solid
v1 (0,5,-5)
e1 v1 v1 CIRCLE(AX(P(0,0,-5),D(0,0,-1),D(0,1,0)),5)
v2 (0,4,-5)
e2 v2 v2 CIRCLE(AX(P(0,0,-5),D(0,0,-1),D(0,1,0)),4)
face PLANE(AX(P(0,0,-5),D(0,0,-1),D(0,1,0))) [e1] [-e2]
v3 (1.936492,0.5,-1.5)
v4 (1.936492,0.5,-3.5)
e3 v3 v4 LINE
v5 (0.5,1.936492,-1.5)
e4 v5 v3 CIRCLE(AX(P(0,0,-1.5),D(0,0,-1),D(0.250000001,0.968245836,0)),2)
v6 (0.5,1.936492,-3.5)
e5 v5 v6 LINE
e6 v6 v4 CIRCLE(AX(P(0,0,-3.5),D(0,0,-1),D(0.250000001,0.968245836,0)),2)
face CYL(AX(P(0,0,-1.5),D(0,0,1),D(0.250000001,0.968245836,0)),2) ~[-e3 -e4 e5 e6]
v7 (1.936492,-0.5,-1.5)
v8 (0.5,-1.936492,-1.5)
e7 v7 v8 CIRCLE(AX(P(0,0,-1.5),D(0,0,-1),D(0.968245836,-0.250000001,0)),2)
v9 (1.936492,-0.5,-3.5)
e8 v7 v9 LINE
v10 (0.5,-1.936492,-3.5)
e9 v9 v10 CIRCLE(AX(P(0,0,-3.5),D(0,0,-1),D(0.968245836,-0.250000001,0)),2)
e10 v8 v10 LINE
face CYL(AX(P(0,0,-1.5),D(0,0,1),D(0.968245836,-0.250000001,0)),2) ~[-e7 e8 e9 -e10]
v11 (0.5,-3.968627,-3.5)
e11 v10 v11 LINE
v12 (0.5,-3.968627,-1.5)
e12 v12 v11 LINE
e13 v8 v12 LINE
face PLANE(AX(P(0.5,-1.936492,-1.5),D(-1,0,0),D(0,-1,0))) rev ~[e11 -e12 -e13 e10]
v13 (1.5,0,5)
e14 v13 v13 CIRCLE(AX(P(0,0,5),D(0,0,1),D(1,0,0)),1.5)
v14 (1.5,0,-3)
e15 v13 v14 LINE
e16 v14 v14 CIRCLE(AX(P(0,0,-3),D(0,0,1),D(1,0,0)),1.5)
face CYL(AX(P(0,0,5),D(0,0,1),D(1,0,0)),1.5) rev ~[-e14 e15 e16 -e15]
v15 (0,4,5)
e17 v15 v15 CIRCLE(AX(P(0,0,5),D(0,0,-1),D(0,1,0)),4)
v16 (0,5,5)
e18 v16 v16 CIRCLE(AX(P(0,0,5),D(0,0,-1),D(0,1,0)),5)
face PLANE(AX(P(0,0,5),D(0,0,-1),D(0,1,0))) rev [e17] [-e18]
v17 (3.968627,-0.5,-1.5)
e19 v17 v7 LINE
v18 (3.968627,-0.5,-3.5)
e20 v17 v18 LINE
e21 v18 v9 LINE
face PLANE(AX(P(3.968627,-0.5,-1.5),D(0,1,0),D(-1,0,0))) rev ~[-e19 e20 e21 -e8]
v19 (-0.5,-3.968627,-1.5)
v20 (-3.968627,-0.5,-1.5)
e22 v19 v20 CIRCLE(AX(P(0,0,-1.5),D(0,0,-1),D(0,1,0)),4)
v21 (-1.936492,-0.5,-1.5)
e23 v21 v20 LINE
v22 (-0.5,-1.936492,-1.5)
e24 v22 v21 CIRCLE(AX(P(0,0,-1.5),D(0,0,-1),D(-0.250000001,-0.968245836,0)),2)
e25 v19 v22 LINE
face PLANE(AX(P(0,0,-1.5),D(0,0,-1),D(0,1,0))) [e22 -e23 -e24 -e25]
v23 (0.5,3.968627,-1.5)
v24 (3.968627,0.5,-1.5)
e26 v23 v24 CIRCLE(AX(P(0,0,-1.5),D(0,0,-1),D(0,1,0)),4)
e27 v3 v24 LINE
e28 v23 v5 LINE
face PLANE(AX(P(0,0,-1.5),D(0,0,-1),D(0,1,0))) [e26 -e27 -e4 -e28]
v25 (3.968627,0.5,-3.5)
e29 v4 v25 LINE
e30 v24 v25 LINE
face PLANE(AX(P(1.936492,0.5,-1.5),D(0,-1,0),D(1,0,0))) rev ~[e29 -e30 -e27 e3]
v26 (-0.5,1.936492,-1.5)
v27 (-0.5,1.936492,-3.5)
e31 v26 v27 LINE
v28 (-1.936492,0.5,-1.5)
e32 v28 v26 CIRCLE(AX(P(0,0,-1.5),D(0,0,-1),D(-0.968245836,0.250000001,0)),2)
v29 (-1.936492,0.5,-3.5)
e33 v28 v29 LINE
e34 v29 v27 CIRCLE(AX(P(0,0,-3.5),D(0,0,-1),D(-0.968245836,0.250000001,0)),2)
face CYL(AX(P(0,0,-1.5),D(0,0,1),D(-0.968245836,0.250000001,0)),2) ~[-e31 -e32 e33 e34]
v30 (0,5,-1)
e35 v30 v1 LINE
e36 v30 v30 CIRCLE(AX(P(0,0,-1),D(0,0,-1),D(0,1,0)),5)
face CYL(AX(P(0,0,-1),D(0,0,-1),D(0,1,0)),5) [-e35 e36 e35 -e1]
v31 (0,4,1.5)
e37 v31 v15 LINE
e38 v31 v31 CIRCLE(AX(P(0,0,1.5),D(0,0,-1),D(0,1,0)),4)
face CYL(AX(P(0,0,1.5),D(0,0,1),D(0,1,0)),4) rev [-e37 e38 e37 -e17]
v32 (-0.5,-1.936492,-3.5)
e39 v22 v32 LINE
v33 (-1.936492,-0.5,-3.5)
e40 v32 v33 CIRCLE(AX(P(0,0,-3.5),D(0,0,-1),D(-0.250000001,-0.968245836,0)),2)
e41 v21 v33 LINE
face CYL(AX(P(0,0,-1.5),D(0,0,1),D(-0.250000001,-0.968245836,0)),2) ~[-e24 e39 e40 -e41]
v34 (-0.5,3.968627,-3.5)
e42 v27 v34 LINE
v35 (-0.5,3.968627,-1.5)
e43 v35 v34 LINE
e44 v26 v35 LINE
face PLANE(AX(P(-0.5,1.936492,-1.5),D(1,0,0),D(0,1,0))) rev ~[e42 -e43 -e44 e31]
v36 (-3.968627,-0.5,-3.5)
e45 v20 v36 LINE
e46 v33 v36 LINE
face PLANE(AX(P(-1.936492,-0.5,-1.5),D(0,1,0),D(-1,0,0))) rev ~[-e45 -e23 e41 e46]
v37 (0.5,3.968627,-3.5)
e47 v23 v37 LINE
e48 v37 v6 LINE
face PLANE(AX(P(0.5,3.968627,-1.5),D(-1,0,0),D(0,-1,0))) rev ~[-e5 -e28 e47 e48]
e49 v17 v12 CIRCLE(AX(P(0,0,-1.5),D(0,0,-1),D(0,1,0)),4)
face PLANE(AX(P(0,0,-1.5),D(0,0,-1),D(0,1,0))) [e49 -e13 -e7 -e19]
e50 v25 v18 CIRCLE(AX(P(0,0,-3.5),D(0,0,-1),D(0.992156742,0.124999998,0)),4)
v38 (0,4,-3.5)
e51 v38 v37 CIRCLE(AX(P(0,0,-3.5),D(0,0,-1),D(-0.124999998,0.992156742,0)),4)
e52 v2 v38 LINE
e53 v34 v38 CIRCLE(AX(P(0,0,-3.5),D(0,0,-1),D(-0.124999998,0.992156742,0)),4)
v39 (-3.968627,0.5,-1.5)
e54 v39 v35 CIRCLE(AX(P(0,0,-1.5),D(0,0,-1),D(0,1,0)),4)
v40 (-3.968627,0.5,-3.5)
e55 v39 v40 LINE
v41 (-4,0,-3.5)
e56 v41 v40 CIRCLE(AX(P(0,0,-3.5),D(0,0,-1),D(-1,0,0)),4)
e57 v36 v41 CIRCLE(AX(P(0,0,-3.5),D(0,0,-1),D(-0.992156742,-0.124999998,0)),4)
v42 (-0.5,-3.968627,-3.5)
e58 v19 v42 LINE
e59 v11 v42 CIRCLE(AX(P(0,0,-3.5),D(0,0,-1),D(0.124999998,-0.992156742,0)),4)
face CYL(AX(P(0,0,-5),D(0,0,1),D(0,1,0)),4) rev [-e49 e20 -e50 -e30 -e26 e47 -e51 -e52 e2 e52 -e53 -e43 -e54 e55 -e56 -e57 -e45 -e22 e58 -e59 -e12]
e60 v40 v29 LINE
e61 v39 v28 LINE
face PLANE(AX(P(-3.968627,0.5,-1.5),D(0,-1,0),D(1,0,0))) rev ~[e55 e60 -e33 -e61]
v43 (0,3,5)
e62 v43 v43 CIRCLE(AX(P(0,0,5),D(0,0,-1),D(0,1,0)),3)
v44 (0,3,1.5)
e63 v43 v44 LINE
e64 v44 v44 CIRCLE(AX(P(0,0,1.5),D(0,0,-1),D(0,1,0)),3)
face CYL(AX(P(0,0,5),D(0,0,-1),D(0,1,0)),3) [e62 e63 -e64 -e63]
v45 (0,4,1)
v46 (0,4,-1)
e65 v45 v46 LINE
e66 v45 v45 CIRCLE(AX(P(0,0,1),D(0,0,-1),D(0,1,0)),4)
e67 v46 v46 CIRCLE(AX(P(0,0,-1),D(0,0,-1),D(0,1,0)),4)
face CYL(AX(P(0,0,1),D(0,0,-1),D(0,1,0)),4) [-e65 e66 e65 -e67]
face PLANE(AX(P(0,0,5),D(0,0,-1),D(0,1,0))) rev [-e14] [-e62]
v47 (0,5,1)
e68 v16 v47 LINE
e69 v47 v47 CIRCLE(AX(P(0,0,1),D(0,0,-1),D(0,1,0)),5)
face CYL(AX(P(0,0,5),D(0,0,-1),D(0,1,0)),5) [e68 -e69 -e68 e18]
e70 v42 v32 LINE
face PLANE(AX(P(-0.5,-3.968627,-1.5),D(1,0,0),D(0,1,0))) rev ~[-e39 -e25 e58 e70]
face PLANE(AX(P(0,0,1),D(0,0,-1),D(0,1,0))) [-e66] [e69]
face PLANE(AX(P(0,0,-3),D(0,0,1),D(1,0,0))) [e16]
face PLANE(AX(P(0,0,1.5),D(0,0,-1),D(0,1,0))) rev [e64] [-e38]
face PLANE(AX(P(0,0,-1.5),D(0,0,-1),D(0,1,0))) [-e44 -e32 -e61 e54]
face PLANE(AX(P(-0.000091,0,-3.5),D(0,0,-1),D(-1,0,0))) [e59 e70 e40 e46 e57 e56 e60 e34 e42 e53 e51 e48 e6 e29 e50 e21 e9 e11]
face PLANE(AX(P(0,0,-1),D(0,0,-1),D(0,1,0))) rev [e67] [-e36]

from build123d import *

# Parameters (mm, degrees)
BOSS_EXTRUDE1_DEPTH = 2
SKETCH4_R           = 1.5
CUT_EXTRUDE1_DEPTH  = 8


with BuildPart() as part:
    # Sketch2 → Revolve1 (revolve)
    with BuildSketch(Plane(origin=(0, 0, 0), x_dir=(0, 0, -1), z_dir=(1, 0, 0))):
        Polygon((-5, 0), (-5, 3), (-1.5, 3), (-1.5, 4), (-5, 4), (-5, 5), (-1, 5), (-1, 4), (1, 4), (1, 5), (5, 5), (5, 4), (1.5, 4), (1.5, 0), (0, 0), align=None)
    revolve(axis=Axis((0, 0, 7.451058405), (0, 0, -1)))

    # Sketch3 → Boss-Extrude1 (add)
    with BuildSketch(Plane(origin=(0, 0, -1.5), x_dir=(-1, 0, 0), z_dir=(0, 0, -1))):
        with BuildLine():
            ThreePointArc((1.936491673, 0.5), (1.414213562, 1.414213562), (0.5, 1.936491673))
            Line((0.5, 1.936491673), (0.5, 3.968626967))
            ThreePointArc((0.5, 3.968626967), (0, 4), (-0.5, 3.968626967))
            Line((-0.5, 3.968626967), (-0.5, 1.936491673))
            ThreePointArc((-0.5, 1.936491673), (-1.414213562, 1.414213562), (-1.936491673, 0.5))
            Line((-1.936491673, 0.5), (-3.968626967, 0.5))
            ThreePointArc((-3.968626967, 0.5), (-4, 0), (-3.968626967, -0.5))
            Line((-3.968626967, -0.5), (-1.936491673, -0.5))
            ThreePointArc((-1.936491673, -0.5), (-1.414213562, -1.414213562), (-0.5, -1.936491673))
            Line((-0.5, -1.936491673), (-0.5, -3.968626967))
            ThreePointArc((-0.5, -3.968626967), (0, -4), (0.5, -3.968626967))
            Line((0.5, -3.968626967), (0.5, -1.936491673))
            ThreePointArc((0.5, -1.936491673), (1.414213562, -1.414213562), (1.936491673, -0.5))
            Line((1.936491673, -0.5), (3.968626967, -0.5))
            ThreePointArc((3.968626967, -0.5), (3.992149037, -0.25049165), (4, 0))
            ThreePointArc((4, 0), (3.992149037, 0.25049165), (3.968626967, 0.5))
            Line((3.968626967, 0.5), (1.936491673, 0.5))
        make_face()
    extrude(amount=BOSS_EXTRUDE1_DEPTH)

    # Sketch4 → Cut-Extrude1 (cut)
    with BuildSketch(Plane.XY.offset(5)):
        Circle(SKETCH4_R)
    extrude(amount=-CUT_EXTRUDE1_DEPTH, mode=Mode.SUBTRACT)


solid = part.part
